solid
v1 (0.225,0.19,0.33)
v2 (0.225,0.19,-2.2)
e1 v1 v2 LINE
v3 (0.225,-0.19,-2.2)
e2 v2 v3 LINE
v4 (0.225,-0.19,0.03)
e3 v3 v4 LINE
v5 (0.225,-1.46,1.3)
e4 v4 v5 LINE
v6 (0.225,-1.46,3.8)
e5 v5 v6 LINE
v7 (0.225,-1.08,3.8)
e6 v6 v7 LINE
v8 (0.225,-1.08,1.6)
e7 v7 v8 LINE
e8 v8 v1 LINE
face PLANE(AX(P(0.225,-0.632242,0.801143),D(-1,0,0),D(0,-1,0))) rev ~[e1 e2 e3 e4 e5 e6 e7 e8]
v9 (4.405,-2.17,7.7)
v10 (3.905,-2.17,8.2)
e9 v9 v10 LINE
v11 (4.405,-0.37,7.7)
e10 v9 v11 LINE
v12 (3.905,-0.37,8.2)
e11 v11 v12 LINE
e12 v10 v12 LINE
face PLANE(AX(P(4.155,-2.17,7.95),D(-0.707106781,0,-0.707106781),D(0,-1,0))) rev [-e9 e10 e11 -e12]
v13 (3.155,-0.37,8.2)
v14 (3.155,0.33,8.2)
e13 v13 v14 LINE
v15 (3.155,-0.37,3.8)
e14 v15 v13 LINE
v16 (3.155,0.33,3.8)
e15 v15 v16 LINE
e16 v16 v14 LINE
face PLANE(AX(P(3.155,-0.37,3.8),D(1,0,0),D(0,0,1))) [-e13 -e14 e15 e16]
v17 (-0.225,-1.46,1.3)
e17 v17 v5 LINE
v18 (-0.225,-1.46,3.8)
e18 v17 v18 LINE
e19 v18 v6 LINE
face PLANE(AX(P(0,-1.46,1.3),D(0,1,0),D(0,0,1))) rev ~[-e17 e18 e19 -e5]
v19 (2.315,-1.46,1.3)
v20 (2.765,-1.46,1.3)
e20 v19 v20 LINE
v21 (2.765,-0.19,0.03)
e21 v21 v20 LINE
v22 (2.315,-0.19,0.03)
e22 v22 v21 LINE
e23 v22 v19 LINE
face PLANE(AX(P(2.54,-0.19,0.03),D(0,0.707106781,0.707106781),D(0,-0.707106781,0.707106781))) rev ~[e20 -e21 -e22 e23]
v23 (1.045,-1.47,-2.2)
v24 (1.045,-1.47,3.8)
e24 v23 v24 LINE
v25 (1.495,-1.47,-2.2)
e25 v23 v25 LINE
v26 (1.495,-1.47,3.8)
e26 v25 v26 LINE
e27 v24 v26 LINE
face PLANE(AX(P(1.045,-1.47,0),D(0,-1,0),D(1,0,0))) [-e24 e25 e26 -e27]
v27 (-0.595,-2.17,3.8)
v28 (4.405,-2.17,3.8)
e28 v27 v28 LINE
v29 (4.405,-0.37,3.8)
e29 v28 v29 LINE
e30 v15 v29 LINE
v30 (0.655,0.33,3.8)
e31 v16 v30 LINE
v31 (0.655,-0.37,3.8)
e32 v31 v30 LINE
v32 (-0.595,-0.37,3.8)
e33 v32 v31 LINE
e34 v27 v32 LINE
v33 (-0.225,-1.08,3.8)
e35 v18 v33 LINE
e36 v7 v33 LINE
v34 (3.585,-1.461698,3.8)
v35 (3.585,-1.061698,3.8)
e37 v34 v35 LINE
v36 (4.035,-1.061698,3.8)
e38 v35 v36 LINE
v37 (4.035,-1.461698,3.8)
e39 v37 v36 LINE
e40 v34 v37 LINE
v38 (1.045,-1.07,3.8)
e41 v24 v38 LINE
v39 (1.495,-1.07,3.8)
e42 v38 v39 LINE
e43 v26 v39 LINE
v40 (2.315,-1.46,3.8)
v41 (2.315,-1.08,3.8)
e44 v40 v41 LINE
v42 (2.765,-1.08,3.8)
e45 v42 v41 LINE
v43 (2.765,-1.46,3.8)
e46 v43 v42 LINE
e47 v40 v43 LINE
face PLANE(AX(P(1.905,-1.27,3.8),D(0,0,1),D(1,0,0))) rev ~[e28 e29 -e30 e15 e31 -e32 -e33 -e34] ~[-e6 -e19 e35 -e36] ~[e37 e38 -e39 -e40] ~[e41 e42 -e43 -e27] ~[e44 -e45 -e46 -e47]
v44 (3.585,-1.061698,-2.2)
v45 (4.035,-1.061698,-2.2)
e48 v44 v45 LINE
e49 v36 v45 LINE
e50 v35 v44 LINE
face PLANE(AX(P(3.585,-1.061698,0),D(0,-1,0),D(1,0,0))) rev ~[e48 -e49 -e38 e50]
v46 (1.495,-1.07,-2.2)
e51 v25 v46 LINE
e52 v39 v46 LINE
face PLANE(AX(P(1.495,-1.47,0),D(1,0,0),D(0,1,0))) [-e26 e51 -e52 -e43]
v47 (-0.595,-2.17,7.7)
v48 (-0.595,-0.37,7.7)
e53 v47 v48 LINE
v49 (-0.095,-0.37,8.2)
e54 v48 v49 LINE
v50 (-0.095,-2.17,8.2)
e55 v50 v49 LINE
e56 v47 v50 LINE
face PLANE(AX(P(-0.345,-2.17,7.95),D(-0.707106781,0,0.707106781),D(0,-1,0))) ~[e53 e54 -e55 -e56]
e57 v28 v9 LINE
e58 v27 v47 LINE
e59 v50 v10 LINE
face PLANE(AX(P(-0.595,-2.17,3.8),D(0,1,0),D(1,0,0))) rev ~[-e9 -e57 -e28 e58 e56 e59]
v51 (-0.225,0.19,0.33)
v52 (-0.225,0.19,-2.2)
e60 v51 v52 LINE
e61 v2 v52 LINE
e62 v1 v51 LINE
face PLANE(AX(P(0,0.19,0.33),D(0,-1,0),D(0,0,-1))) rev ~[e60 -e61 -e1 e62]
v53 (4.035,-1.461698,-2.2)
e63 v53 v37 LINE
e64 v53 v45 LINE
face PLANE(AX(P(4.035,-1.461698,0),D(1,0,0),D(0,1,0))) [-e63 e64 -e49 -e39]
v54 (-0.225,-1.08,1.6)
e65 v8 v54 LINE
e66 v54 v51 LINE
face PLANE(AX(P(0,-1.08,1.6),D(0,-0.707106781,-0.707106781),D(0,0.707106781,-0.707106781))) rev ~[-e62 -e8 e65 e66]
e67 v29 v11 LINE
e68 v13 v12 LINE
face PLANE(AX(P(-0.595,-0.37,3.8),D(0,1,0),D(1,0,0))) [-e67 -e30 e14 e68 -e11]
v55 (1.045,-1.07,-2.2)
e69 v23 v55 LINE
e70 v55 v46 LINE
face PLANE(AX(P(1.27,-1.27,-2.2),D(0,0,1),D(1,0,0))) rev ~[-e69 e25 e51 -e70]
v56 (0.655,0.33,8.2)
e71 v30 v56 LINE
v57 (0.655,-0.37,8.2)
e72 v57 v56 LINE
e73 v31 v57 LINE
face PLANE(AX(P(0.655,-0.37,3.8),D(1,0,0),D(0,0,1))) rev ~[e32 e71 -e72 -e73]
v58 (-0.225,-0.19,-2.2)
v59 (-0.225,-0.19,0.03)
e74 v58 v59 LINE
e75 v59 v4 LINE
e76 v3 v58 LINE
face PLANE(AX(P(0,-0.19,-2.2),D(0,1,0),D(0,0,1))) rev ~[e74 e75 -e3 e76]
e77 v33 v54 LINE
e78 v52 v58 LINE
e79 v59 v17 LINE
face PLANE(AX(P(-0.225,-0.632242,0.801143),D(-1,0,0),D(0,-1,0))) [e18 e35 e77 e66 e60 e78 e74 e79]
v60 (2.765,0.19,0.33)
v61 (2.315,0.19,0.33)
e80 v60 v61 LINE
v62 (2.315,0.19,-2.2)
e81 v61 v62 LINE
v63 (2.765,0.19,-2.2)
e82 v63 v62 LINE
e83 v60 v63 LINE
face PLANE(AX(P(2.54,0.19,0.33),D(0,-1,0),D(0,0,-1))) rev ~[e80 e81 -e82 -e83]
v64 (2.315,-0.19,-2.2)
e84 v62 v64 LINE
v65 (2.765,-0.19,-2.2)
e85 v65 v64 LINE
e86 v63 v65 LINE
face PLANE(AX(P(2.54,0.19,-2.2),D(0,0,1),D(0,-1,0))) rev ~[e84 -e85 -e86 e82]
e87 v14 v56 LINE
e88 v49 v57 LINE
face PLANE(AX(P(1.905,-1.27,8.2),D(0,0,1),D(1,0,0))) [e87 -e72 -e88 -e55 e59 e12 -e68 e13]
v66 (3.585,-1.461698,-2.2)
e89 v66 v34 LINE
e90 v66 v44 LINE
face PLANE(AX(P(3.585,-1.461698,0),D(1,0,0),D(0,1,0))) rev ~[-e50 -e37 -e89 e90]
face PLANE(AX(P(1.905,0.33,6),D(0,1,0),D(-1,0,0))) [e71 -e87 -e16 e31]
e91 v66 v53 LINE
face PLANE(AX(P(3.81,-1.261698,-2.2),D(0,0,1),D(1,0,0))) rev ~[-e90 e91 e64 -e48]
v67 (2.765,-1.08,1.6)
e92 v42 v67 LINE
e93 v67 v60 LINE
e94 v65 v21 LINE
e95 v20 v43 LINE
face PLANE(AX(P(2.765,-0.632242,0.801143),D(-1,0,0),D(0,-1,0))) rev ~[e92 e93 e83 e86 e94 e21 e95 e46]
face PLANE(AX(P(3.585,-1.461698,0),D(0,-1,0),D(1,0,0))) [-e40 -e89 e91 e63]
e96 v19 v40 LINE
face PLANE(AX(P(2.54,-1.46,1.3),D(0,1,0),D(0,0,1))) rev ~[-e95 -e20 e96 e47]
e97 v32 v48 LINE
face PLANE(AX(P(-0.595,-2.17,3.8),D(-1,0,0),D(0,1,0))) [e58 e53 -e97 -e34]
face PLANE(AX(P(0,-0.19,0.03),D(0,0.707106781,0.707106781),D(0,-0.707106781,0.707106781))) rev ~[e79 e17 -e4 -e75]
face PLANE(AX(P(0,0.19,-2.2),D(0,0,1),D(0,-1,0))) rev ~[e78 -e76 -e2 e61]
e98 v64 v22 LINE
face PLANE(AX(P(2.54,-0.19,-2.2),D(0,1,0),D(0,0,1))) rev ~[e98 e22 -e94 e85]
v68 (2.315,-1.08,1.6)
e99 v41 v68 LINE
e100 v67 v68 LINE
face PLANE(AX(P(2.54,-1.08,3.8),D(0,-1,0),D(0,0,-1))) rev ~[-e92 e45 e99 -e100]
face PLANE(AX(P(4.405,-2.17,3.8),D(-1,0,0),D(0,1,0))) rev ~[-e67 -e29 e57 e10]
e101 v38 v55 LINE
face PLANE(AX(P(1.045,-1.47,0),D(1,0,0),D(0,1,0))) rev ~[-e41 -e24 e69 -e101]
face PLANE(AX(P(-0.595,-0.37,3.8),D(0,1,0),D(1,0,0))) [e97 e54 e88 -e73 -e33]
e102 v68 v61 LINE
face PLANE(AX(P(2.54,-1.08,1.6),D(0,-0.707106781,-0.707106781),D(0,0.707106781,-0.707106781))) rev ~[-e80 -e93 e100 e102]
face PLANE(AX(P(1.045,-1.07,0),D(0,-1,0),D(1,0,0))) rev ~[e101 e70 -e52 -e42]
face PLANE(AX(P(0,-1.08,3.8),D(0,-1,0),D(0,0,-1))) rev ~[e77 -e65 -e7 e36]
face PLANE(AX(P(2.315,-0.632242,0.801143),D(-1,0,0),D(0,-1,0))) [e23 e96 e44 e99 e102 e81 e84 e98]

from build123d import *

# Parameters (mm, degrees)
SKETCH004_W    = 0.45
SKETCH004_H    = 0.4
PAD_DEPTH      = 3.8
PAD_DEPTH_BACK = 2.2
PAD003_DEPTH   = 0.225
PAD002_DEPTH   = 0.225
SKETCH_W       = 5
SKETCH_H       = 1.8
PAD004_DEPTH   = 4.4
CHAMFER_SIZE   = 0.5
SKETCH005_W    = 2.5
SKETCH005_H    = 4.4
PAD005_DEPTH   = 0.7


with BuildPart() as pad:
    # Sketch004 → Pad (new body, two sides)
    with BuildSketch(Plane.XY) as pad_sk:
        with Locations((1.27, -1.27)):
            Rectangle(SKETCH004_W, SKETCH004_H)
        with Locations((3.81, -1.261698)):
            Rectangle(SKETCH004_W, SKETCH004_H)
    extrude(amount=PAD_DEPTH)
    extrude(pad_sk.sketch, amount=-PAD_DEPTH_BACK)


with BuildPart() as pad003:
    # Sketch003 → Pad003 (new body, symmetric)
    with BuildSketch(Plane(origin=(2.54, -1.27, 0), x_dir=(0, 1, 0), z_dir=(1, 0, 0))):
        Polygon((-0.19, 3.8), (0.19, 3.8), (0.19, 1.6), (1.46, 0.33), (1.46, -2.2), (1.08, -2.2), (1.08, 0.03), (-0.19, 1.3), align=None)
    extrude(amount=PAD003_DEPTH, both=True)


with BuildPart() as pad002:
    # Sketch002 → Pad002 (new body, symmetric)
    with BuildSketch(Plane(origin=(0, -1.27, 0), x_dir=(0, 1, 0), z_dir=(1, 0, 0))):
        Polygon((-0.19, 3.8), (0.19, 3.8), (0.19, 1.6), (1.46, 0.33), (1.46, -2.2), (1.08, -2.2), (1.08, 0.03), (-0.19, 1.3), align=None)
    extrude(amount=PAD002_DEPTH, both=True)


with BuildPart() as sharp_is471f:
    # Sketch → Pad004 (new body)
    with BuildSketch(Plane.XY.offset(3.8)):
        with Locations((1.905, -1.27)):
            Rectangle(SKETCH_W, SKETCH_H)
    extrude(amount=PAD004_DEPTH)

    # Chamfer
    chamfer_edges = [sharp_is471f.edges().sort_by_distance(p)[0] for p in [
        (4.405, -1.27, 8.2),
        (-0.595, -1.27, 8.2),
    ]]
    chamfer(chamfer_edges, length=CHAMFER_SIZE)

    # Sketch005 → Pad005 (new body)
    with BuildSketch(Plane(origin=(0, -0.37, 3.8), x_dir=(-1, 0, 0), z_dir=(0, 1, 0))):
        with Locations((-1.905, 2.2)):
            Rectangle(SKETCH005_W, SKETCH005_H)
    extrude(amount=PAD005_DEPTH)

    # Pad005_mp_cp: union Pad, Pad003, Pad002
    add(pad.part)
    add(pad003.part)
    add(pad002.part)


solid = sharp_is471f.part
